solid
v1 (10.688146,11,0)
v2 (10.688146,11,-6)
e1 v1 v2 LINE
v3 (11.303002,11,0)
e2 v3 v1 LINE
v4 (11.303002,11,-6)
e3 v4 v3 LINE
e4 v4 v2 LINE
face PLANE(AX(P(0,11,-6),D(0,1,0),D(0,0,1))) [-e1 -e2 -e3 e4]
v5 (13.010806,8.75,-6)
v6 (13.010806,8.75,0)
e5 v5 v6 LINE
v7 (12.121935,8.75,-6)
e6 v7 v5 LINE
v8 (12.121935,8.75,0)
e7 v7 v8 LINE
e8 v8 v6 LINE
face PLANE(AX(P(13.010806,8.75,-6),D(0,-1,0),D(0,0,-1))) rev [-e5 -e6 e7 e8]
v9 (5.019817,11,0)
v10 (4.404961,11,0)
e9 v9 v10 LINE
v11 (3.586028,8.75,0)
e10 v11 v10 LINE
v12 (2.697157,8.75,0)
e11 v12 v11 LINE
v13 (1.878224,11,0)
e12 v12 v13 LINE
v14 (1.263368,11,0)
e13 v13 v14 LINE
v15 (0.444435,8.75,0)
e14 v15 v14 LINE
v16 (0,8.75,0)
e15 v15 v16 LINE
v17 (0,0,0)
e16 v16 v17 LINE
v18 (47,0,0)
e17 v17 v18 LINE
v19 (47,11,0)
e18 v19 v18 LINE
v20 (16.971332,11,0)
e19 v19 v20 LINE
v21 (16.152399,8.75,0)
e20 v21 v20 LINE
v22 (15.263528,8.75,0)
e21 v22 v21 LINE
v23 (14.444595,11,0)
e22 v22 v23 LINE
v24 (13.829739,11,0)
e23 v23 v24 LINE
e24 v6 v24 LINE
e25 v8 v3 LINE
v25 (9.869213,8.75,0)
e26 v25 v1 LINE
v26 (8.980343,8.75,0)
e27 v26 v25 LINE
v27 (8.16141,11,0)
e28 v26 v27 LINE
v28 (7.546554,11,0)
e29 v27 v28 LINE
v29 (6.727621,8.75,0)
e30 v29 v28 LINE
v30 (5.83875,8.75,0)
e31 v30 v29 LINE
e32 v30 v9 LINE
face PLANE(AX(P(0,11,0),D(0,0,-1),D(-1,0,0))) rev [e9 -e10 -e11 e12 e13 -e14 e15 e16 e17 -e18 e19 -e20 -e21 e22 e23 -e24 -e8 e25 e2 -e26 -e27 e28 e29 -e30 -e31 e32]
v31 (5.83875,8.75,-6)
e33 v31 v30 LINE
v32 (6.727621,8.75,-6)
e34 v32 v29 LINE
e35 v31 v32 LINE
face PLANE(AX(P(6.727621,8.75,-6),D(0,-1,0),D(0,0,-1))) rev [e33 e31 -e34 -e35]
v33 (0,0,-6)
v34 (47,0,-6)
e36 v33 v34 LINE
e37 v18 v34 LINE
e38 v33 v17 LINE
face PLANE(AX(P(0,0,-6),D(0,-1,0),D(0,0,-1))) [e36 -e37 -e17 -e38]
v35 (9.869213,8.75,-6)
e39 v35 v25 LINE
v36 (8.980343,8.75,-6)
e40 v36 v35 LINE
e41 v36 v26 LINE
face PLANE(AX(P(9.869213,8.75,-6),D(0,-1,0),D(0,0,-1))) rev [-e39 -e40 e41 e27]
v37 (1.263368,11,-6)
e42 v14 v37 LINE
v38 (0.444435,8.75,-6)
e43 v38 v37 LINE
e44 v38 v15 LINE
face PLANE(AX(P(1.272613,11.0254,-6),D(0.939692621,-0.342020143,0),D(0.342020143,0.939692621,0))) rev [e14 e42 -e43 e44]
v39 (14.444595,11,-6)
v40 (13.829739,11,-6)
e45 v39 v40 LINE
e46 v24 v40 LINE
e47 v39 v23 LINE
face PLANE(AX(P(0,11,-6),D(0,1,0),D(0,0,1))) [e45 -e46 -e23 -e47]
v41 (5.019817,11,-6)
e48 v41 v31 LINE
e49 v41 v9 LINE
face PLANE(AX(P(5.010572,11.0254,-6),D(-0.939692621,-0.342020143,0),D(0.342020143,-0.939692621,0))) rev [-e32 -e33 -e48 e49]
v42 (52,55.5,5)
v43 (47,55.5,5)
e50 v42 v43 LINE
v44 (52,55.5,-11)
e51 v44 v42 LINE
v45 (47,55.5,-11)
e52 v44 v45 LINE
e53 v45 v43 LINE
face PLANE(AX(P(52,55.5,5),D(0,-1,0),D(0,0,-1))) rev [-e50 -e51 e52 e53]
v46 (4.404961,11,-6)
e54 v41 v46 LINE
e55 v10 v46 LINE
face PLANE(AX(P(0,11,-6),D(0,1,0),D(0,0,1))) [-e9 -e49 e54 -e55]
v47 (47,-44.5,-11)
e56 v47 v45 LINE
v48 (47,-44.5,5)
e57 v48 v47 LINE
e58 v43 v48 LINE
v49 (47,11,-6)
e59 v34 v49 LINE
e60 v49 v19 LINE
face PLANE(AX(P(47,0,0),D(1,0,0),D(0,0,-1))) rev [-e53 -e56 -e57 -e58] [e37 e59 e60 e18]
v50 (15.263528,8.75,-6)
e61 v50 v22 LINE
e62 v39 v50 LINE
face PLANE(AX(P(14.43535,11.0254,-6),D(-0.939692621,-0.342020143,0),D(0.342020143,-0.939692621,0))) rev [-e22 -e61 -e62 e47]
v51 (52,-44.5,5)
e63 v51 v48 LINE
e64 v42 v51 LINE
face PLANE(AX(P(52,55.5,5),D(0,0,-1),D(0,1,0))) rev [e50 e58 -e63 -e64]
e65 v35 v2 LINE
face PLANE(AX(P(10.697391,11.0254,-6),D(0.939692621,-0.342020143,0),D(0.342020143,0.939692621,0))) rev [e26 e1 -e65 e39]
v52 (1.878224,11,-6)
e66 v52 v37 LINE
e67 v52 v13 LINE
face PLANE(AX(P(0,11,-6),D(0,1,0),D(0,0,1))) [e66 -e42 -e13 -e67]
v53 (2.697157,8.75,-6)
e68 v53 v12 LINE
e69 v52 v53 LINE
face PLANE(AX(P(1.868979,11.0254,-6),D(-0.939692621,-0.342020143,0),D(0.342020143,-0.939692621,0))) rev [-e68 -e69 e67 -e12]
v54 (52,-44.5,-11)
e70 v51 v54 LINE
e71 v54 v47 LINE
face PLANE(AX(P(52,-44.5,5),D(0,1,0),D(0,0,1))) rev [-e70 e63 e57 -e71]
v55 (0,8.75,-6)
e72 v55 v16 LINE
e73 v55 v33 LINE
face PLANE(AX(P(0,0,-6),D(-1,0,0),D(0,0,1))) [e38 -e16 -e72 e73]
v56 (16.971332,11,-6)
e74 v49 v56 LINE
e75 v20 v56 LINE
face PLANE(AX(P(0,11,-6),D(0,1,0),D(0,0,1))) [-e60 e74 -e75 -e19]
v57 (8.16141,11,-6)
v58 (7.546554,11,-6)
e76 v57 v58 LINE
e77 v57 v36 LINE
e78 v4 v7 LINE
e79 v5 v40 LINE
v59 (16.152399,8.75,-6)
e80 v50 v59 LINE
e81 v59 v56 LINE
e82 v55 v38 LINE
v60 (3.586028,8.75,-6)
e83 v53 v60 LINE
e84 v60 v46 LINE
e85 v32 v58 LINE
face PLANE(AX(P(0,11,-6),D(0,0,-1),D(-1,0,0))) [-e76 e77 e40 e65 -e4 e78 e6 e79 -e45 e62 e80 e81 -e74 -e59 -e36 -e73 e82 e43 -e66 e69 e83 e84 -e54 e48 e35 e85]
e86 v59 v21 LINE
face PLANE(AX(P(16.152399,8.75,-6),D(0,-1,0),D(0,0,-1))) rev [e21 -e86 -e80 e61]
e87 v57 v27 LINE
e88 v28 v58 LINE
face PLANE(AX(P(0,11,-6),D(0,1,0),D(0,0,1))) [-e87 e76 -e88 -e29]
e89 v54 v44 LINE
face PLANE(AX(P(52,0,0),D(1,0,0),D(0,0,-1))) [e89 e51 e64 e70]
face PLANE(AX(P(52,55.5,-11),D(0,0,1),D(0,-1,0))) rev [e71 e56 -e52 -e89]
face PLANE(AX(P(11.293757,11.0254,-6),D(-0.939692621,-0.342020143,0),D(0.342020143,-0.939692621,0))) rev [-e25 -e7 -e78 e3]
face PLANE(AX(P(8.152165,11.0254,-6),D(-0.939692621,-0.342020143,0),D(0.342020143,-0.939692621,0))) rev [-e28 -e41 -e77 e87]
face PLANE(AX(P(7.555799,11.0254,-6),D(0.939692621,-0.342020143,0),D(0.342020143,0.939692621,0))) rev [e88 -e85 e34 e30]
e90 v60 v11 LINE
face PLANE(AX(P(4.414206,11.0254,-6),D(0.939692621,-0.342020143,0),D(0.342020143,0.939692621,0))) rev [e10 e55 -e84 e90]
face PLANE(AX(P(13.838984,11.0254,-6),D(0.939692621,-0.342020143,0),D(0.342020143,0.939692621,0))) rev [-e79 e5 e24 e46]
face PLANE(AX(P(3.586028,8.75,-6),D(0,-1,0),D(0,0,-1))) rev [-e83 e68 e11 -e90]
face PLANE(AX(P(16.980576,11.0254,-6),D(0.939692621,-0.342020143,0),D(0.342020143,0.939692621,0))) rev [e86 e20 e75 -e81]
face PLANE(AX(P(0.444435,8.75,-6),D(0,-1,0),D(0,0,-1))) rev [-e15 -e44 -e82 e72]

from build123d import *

# Parameters (mm, degrees)
BLANKSKE_W        = 17
BLANKSKE_H        = 11
BLANK_DEPTH       = 6
TOOTHCUTSIM_DEPTH = 22.118712082
TEETHCUTS_COUNT   = 6
TEETHCUTS_PITCH   = 3.14159265
SKETCH_1_W        = 6
SKETCH_1_H        = 11
EXTRUDE_1_DEPTH   = 30
SKETCH_2_W        = 16
SKETCH_2_H        = 100
EXTRUDE_2_DEPTH   = 5


with BuildPart() as part:
    # BlankSke → Blank (new body)
    with BuildSketch(Plane.XY):
        with Locations((8.5, 5.5)):
            Rectangle(BLANKSKE_W, BLANKSKE_H)
    extrude(amount=-BLANK_DEPTH)

    # TooCutSkeSim → ToothCutSim (cut, through all)
    with BuildSketch(Plane.XY):
        Polygon((0.44443537, 8.75), (-0.44443537, 8.75), (-1.272613241, 11.0254), (1.272613241, 11.0254), align=None)
    toothcutsim = extrude(amount=-TOOTHCUTSIM_DEPTH, mode=Mode.SUBTRACT)

    # TeethCuts: ToothCutSim ×6
    with Locations(*[(i * TEETHCUTS_PITCH, 0, 0) for i in range(1, TEETHCUTS_COUNT)]):
        add(toothcutsim, mode=Mode.SUBTRACT)

    # 草图1 → 凸台-拉伸1 (add)
    with BuildSketch(Plane(origin=(17, 0, 0), x_dir=(0, 0, -1), z_dir=(1, 0, 0))):
        with Locations((3, 5.5)):
            Rectangle(SKETCH_1_W, SKETCH_1_H)
    extrude(amount=EXTRUDE_1_DEPTH)

    # 草图2 → 凸台-拉伸2 (add)
    with BuildSketch(Plane(origin=(47, 0, 0), x_dir=(0, 0, -1), z_dir=(1, 0, 0))):
        with Locations((3, 5.5)):
            Rectangle(SKETCH_2_W, SKETCH_2_H)
    extrude(amount=EXTRUDE_2_DEPTH)


solid = part.part
